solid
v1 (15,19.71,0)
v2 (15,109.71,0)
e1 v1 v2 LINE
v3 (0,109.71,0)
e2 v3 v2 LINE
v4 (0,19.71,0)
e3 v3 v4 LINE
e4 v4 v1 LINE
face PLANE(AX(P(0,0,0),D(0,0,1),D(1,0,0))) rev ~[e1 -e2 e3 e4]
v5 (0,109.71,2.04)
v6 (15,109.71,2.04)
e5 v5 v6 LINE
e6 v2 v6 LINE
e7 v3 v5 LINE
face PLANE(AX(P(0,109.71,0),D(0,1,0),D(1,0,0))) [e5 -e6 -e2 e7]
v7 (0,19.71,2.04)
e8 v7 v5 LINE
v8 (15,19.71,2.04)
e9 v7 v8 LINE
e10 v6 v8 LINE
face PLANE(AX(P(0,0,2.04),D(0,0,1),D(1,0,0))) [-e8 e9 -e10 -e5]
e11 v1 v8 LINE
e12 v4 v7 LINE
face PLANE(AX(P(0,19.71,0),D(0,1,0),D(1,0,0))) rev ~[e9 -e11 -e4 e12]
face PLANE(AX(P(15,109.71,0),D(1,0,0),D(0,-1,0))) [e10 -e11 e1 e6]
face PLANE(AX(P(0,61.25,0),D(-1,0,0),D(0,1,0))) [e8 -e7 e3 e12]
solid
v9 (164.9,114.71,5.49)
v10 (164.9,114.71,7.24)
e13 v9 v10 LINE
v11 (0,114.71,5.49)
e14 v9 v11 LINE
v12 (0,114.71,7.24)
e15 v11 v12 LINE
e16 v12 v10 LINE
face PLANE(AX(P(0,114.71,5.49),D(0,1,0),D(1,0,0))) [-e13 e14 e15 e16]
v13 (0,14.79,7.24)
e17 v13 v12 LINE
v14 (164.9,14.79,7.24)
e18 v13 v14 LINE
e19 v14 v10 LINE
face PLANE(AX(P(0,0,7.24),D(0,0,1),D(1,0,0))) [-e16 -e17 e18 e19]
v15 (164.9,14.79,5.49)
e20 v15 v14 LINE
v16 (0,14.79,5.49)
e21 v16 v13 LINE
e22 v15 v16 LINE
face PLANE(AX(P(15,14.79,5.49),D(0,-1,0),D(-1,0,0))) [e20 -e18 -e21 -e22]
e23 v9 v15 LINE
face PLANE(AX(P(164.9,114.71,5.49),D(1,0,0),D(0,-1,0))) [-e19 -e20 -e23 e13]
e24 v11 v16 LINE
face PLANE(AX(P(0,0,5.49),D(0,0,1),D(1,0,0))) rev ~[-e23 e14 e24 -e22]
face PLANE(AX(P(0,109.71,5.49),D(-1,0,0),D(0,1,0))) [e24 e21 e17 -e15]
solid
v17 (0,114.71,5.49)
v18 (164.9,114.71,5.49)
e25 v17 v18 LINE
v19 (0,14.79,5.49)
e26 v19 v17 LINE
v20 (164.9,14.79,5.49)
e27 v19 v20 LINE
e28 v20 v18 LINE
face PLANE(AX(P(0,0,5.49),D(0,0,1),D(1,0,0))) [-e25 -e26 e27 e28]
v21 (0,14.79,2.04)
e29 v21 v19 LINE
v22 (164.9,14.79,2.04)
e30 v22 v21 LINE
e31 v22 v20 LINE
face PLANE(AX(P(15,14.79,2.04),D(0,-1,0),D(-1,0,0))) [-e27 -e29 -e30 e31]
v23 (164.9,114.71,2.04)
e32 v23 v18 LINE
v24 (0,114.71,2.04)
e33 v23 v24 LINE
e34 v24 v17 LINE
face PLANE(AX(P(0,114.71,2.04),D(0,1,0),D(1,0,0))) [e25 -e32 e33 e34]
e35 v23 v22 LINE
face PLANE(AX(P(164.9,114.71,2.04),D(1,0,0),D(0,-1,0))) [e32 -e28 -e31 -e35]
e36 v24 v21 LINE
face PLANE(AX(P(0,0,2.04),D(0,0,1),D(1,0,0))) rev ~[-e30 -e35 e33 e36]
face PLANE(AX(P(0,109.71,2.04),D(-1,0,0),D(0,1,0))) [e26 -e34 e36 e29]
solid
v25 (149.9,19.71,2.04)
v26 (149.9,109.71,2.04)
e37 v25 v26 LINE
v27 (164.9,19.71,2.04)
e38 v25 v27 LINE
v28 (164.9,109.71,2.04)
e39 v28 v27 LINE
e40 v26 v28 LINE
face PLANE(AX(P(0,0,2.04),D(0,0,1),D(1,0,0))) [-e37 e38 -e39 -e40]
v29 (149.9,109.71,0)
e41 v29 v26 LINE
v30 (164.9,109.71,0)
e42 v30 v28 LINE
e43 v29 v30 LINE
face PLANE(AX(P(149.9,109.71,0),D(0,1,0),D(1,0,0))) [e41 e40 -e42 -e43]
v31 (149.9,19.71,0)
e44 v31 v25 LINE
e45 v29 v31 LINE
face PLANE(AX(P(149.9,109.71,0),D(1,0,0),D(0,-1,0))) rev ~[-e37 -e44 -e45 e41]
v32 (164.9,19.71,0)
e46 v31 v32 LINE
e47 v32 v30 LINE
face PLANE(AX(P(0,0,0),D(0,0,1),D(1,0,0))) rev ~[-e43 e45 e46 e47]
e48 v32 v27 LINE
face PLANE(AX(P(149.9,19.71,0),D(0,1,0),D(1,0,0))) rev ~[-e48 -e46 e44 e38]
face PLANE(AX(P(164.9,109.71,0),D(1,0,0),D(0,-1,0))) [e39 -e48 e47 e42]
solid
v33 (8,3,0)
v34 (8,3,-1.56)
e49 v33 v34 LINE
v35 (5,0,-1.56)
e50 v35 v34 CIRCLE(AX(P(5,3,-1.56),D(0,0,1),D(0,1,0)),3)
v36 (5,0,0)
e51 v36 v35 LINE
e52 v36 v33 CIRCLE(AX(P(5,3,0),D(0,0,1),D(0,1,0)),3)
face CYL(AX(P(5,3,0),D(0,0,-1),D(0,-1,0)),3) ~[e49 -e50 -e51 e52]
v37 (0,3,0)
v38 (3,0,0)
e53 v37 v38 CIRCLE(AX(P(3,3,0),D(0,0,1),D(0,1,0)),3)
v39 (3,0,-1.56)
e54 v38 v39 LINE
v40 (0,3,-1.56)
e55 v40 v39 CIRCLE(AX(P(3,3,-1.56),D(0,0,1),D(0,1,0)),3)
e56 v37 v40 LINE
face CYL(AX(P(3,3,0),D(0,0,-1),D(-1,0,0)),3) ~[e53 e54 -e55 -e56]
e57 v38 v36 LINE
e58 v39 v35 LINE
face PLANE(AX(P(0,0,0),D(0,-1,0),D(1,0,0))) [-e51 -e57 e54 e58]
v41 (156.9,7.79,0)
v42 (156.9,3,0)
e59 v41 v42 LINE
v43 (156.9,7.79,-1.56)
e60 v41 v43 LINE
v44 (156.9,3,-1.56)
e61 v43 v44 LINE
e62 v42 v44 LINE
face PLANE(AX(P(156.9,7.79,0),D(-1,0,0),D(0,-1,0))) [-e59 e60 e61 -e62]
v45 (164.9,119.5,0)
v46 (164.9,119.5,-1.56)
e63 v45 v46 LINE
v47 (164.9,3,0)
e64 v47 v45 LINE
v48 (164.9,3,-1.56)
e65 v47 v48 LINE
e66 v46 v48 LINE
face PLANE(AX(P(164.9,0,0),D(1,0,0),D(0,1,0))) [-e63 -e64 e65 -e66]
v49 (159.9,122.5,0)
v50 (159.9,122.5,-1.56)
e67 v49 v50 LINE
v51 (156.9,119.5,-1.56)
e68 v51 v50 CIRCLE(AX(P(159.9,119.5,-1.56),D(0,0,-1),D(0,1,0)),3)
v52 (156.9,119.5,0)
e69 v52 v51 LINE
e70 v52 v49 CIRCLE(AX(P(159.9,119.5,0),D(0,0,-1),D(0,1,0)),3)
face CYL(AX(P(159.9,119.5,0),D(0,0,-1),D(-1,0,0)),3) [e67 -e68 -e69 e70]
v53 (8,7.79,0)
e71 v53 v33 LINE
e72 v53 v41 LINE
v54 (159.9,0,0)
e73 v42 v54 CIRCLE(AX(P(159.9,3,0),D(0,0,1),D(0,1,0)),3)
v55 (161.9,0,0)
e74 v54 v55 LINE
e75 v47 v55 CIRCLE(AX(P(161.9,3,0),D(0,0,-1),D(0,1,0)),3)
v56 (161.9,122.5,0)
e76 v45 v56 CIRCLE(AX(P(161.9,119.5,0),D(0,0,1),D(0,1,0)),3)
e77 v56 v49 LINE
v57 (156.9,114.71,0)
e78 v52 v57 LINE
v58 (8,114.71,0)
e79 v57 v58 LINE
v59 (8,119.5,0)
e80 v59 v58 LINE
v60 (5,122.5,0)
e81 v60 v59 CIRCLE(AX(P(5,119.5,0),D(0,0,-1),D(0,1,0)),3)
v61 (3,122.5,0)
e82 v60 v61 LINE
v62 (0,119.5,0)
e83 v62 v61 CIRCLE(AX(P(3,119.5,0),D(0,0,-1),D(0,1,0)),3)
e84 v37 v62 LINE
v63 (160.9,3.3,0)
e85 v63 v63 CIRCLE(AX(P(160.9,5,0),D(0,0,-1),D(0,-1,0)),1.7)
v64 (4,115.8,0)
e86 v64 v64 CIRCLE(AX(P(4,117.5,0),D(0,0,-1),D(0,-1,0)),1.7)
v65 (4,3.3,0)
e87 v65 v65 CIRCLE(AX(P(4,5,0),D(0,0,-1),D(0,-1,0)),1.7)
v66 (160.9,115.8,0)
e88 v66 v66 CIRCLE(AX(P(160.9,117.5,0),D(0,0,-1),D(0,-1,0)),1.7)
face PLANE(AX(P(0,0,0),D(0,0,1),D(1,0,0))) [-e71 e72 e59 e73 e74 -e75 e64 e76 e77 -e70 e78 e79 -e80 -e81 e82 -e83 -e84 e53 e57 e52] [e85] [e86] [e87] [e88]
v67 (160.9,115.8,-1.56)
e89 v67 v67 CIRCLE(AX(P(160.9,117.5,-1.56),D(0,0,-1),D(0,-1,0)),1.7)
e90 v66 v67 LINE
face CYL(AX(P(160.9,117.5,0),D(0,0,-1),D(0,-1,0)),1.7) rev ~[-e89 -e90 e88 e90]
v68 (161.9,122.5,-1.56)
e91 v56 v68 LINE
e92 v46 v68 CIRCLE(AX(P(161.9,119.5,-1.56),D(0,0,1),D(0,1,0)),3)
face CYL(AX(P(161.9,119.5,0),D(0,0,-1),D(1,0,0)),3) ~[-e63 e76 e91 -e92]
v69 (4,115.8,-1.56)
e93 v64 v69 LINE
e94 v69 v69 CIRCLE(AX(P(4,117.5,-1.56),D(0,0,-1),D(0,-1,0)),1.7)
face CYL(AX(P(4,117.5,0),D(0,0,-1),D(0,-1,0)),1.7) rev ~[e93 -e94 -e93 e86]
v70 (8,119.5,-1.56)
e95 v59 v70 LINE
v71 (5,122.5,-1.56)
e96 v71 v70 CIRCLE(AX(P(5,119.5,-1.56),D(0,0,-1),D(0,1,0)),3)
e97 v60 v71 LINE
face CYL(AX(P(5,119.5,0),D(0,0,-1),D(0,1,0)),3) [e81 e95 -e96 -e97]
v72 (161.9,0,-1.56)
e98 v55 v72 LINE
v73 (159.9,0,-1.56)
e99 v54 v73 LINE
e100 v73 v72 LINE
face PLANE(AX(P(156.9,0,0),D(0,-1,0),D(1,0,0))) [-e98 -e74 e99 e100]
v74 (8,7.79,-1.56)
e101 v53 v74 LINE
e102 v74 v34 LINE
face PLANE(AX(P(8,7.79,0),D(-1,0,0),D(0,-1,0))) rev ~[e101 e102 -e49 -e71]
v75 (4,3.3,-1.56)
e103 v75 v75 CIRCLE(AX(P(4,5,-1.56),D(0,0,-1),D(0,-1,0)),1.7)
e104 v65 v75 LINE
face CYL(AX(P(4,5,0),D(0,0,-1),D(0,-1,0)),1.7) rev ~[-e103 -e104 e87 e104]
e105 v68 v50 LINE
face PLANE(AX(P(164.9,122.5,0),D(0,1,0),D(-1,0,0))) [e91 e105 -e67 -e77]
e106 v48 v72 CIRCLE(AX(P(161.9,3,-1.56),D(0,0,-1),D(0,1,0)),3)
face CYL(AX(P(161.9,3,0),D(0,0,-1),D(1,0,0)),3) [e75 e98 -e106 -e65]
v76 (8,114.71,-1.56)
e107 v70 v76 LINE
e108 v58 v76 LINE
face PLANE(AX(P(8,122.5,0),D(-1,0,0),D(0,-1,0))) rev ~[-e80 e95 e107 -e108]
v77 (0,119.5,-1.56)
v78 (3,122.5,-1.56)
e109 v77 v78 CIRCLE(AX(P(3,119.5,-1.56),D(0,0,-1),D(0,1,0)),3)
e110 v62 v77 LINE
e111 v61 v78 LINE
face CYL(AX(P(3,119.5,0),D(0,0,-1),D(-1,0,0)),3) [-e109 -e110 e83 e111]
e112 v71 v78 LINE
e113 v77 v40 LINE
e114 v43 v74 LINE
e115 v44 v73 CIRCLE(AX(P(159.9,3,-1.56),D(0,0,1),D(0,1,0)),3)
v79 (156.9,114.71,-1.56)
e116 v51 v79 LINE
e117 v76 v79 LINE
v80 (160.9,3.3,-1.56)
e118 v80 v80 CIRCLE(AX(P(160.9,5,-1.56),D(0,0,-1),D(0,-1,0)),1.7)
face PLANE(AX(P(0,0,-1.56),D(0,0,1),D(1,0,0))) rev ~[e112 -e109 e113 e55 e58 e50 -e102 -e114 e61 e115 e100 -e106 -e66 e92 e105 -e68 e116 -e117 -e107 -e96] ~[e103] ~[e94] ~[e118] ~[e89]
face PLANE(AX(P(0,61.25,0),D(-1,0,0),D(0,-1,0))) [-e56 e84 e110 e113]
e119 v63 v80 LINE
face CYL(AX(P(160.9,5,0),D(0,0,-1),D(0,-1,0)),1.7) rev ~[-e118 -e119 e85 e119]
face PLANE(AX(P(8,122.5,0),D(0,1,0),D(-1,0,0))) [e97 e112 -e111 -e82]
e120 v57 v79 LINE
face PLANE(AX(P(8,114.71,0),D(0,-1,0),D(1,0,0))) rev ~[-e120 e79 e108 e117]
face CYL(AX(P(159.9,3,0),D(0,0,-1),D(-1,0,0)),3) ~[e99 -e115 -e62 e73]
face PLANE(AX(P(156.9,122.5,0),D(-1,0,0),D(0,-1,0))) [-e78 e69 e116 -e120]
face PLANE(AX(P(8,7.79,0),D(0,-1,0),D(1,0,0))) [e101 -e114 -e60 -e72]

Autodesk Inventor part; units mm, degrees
ref_plane "YZ Plane" through (0, 0, 0) normal (1, 0, 0) x (0, 1, 0)
ref_plane "XZ Plane" through (0, 0, 0) normal (0, 1, 0) x (-1, 0, 0)
ref_plane "XY Plane" through (0, 0, 0) normal (0, 0, 1) x (1, 0, 0)
sketch "Sketch1" plane through (0, 0, 0) normal (0, 0, 1) x (1, 0, 0)
  line L0 (0, 0) -> (164.9, 0)
  line L1 (164.9, 0) -> (164.9, 122.5)
  line L2 (164.9, 122.5) -> (0, 122.5)
  line L3 (0, 122.5) -> (0, 0)
  line L4 (8, 122.5) -> (8, 0)
  line L5 (8, 114.71) -> (156.9, 114.71)
  line L6 (82.45, 122.5) -> (82.45, 0)
  line L7 (0, 61.25) -> (164.9, 61.25)
  line L8 (156.9, 122.5) -> (156.9, 0)
  line L9 (8, 7.79) -> (156.9, 7.79)
  line L10 (4, 117.5) -> (4, 5) construction
  line L11 (4, 117.5) -> (160.9, 117.5) construction
  line L12 (160.9, 117.5) -> (160.9, 5) construction
  line L13 (4, 5) -> (160.9, 5) construction
  circle A0 centre (4, 117.5) radius 1.75
  circle A1 centre (160.9, 117.5) radius 1.75
  circle A2 centre (160.9, 5) radius 1.75
  circle A3 centre (4, 5) radius 1.75
  point P0 (156.9, 0)
  point P1 (156.9, 122.5)
  point P2 (156.9, 115.59)
  dimension "d0" = 164.9
  dimension "d1" = 122.5
  dimension "d18" = 106.92
  dimension "d21" = 156.9
  dimension "d22" = 112.5
  dimension "d23" = 3.5
  dimension "d24" = 148.9
extrude "Extrusion1" add sketch "Sketch1" against normal blind 1.56 contours L3 L7 L4 L0 | L3 L2 L4 L7 | L4 L7 L6 L9 | L4 L5 L6 L7 | L8 L7 L1 L0 | L6 L7 L8 L9 | L6 L5 L8 L7 | L8 L2 L1 L7 | A0 | A1 | A2 | A3
fillet "Fillet1" radius 3 8 edges at (0, 122.5, -0.78) (8, 122.5, -0.78) (156.9, 122.5, -0.78) (164.9, 122.5, -0.78) (0, 0, -0.78) (8, 0, -0.78) (156.9, 0, -0.78) (164.9, 0, -0.78)
hole "Hole1" at (4, 117.5, 0) at (160.9, 117.5, 0) at (160.9, 5, 0) at (4, 5, 0) direction (0, 0, -1) diameter 3.4 end through all clearance for "Flat Head Machine Screw" size "M3" standard "Ansi Metric M Profile"
sketch "Sketch3" plane through (0, 0, 0) normal (0, 0, 1) x (1, 0, 0)
  line L0 (0, 114.71) -> (164.9, 114.71)
  line L1 (164.9, 114.71) -> (164.9, 14.79)
  line L2 (164.9, 14.79) -> (0, 14.79)
  line L3 (0, 14.79) -> (0, 114.71)
  line L4 (0, 119.5) -> (0, 3) construction
  line L5 (164.9, 3) -> (164.9, 119.5) projected
  line L6 (156.9, 114.71) -> (8, 114.71) construction
  line L7 (15, 114.71) -> (15, 14.79)
  line L8 (82.45, 114.71) -> (82.45, 14.79)
  line L9 (149.9, 114.71) -> (149.9, 14.79)
  line L10 (0, 109.71) -> (164.9, 109.71)
  line L11 (164.9, 61.25) -> (0, 61.25)
  line L12 (0, 19.71) -> (164.9, 19.71)
  line L13 (8, 7.79) -> (156.9, 7.79) projected
  point P0 (156.9, 115.59)
  point P1 (8, 114.71)
  point P2 (149.9, 114.71)
  point P3 (149.9, 14.79)
  point P4 (15, 109.71)
  point P5 (0, 109.71)
  point P6 (0, 19.71)
  point P7 (15, 19.71)
  point P8 (149.9, 109.71)
  point P9 (149.9, 19.71)
  point P10 (164.9, 19.71)
  dimension "d38" = 15
  dimension "d43" = 5
  dimension "d44" = 90
  dimension "d45" = 7
extrude "Extrusion2" add sketch "Sketch3" along normal blind 2.04 separate body contours L10 L7 L11 L3 | L11 L7 L12 L3 | L10 L1 L11 L9 | L11 L1 L12 L9
extrude "Extrusion3" add sketch "Sketch3" along normal blind 3.45 from surface at 2.04 separate body
extrude "Extrusion4" add sketch "Sketch3" along normal blind 1.75 from surface at 5.49 separate body
properties part number "7in Touch Display"
